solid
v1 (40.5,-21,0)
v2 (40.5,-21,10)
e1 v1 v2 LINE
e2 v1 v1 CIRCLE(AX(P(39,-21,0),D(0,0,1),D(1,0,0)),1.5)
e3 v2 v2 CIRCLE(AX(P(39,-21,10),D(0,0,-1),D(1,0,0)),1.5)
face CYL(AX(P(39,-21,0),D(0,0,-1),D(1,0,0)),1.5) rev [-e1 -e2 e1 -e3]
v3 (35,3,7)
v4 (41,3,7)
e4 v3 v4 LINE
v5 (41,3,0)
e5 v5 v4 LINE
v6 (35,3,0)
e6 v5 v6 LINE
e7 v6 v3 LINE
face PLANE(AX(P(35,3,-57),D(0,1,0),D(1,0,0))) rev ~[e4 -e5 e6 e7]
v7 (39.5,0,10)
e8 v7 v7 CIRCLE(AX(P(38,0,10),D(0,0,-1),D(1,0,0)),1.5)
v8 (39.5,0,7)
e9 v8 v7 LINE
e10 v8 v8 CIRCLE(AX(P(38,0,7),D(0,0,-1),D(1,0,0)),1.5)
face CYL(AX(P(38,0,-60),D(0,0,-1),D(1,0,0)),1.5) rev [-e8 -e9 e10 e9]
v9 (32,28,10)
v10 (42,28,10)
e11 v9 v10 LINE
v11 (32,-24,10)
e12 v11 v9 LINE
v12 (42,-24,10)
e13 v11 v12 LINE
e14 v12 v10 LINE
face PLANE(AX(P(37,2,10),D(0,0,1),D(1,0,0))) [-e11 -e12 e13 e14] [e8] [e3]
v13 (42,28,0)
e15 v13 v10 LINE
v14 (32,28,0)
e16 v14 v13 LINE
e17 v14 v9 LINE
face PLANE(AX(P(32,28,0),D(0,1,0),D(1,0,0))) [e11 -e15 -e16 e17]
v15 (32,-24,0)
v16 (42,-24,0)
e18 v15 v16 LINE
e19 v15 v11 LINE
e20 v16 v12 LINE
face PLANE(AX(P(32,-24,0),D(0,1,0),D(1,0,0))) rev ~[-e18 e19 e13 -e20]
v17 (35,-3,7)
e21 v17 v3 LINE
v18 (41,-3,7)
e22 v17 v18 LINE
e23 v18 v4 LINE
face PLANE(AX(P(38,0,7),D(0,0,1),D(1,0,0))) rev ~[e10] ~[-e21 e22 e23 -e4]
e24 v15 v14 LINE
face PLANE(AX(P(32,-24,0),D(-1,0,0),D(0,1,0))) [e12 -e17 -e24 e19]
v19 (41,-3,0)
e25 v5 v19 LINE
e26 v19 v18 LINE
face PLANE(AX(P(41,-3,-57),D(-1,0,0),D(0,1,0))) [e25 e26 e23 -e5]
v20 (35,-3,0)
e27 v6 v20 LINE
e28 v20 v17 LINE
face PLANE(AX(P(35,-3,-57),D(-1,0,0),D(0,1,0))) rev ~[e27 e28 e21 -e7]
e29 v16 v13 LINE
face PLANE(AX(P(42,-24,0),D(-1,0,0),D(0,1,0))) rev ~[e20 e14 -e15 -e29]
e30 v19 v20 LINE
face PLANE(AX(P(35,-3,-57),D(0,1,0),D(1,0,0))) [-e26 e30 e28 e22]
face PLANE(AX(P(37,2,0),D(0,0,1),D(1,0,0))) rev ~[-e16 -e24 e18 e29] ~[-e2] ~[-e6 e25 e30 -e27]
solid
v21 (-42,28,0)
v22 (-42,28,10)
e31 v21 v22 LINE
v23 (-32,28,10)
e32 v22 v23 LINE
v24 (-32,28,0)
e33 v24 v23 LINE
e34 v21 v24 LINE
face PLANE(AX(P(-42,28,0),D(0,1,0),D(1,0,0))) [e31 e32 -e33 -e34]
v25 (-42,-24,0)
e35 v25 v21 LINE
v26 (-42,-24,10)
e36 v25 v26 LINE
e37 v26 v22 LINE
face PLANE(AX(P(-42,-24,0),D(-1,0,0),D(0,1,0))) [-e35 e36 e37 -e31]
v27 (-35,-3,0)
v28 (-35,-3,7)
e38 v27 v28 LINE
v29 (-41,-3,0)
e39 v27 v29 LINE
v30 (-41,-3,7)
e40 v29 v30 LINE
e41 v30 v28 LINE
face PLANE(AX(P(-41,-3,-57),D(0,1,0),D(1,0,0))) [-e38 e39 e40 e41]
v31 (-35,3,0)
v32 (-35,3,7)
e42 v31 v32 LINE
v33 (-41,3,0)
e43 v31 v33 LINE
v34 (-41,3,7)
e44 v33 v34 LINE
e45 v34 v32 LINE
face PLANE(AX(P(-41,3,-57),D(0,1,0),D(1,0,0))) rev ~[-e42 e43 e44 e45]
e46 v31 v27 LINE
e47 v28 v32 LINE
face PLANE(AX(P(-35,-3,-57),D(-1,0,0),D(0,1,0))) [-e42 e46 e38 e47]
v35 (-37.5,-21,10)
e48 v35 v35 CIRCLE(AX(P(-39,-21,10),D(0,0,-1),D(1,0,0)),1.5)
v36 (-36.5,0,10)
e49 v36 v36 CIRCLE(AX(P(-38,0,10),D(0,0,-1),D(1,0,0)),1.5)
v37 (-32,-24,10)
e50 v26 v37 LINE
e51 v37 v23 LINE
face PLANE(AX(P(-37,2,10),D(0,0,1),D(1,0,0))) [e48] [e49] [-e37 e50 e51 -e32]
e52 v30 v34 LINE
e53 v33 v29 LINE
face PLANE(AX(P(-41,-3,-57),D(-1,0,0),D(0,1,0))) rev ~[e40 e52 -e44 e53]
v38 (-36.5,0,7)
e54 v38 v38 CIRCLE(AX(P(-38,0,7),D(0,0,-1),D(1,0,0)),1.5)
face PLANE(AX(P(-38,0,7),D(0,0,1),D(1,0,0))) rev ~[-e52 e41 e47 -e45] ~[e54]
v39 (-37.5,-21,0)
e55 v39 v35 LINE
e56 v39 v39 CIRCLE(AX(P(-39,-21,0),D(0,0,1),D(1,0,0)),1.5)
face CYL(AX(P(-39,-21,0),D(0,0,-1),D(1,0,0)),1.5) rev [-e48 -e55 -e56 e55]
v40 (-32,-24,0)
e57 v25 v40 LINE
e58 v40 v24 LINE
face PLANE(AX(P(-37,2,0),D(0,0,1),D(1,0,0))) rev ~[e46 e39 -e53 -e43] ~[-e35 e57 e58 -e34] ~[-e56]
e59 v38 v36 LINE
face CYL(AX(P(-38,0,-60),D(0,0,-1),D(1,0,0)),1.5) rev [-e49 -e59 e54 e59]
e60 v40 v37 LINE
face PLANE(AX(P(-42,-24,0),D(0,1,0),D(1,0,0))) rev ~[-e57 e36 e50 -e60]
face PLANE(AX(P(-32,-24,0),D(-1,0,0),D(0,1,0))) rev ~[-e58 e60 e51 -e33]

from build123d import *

# Parameters (mm, degrees)
BOX239_W           = 6
BOX239_H           = 6
BOX239_DEPTH       = 64
BOX238_W           = 6
BOX238_H           = 6
BOX238_DEPTH       = 64
CYLINDER1263_R     = 1.5
CYLINDER1263_DEPTH = 32
CYLINDER1262_R     = 1.5
CYLINDER1262_DEPTH = 32
CYLINDER1261_R     = 1.5
CYLINDER1261_DEPTH = 100
CYLINDER1260_R     = 1.5
CYLINDER1260_DEPTH = 100
CYLINDER586_R      = 1.5
CYLINDER586_DEPTH  = 100
CYLINDER585_R      = 1.5
CYLINDER585_DEPTH  = 100
BOX141_W           = 10
BOX141_H           = 52
BOX141_DEPTH       = 10
BOX140_W           = 10
BOX140_H           = 52
BOX140_DEPTH       = 10


with BuildPart() as krychle239:
    # Box239 → Box239 (new body)
    with BuildSketch(Plane(origin=(87, -3, -93), x_dir=(1, 0, 0), z_dir=(0, 0, 1))):
        with Locations((3, 3)):
            Rectangle(BOX239_W, BOX239_H)
    extrude(amount=BOX239_DEPTH)


with BuildPart() as compound646:
    # Box238 → Box238 (new body)
    with BuildSketch(Plane(origin=(11, -3, -93), x_dir=(1, 0, 0), z_dir=(0, 0, 1))):
        with Locations((3, 3)):
            Rectangle(BOX238_W, BOX238_H)
    extrude(amount=BOX238_DEPTH)

    # Compound646: union Krychle239
    add(krychle239.part)


with BuildPart() as compound646_1:
    # Compound646 placement: moved
    add(compound646.part.moved(Location((-52, 0, 36))))


with BuildPart() as v_lec1263:
    # Cylinder1263 → Cylinder1263 (new body)
    with BuildSketch(Plane(origin=(78, 41, -42), x_dir=(1, 0, 0), z_dir=(0, 0, 1))):
        Circle(CYLINDER1263_R)
    extrude(amount=CYLINDER1263_DEPTH)


with BuildPart() as compound645:
    # Cylinder1262 → Cylinder1262 (new body)
    with BuildSketch(Plane(origin=(26, 41, -42), x_dir=(1, 0, 0), z_dir=(0, 0, 1))):
        Circle(CYLINDER1262_R)
    extrude(amount=CYLINDER1262_DEPTH)

    # Compound645: union Válec1263
    add(v_lec1263.part)


with BuildPart() as compound645_1:
    # Compound645 placement: moved
    add(compound645.part.moved(Location((-52, 0, 36))))


with BuildPart() as v_lec1261:
    # Cylinder1261 → Cylinder1261 (new body)
    with BuildSketch(Plane(origin=(14, 0, -60), x_dir=(1, 0, 0), z_dir=(0, 0, 1))):
        Circle(CYLINDER1261_R)
    extrude(amount=CYLINDER1261_DEPTH)


with BuildPart() as compound643:
    # Cylinder1260 → Cylinder1260 (new body)
    with BuildSketch(Plane(origin=(90, 0, -60), x_dir=(1, 0, 0), z_dir=(0, 0, 1))):
        Circle(CYLINDER1260_R)
    extrude(amount=CYLINDER1260_DEPTH)

    # Compound644: union Válec1261
    add(v_lec1261.part)


with BuildPart() as compound643_1:
    # Compound644 placement: moved
    add(compound643.part.moved(Location((-52, 0, 0))))

    # Compound643: union Compound645
    add(compound645_1.part)


with BuildPart() as v_lec586:
    # Cylinder586 → Cylinder586 (new body)
    with BuildSketch(Plane(origin=(39, -21, 0), x_dir=(1, 0, 0), z_dir=(0, 0, 1))):
        Circle(CYLINDER586_R)
    extrude(amount=CYLINDER586_DEPTH)


with BuildPart() as compound340:
    # Cylinder585 → Cylinder585 (new body)
    with BuildSketch(Plane(origin=(-39, -21, 0), x_dir=(1, 0, 0), z_dir=(0, 0, 1))):
        Circle(CYLINDER585_R)
    extrude(amount=CYLINDER585_DEPTH)

    # Compound340: union Válec586
    add(v_lec586.part)


with BuildPart() as krychle141:
    # Box141 → Box141 (new body)
    with BuildSketch(Plane(origin=(-42, -24, 0), x_dir=(1, 0, 0), z_dir=(0, 0, 1))):
        with Locations((5, 26)):
            Rectangle(BOX141_W, BOX141_H)
    extrude(amount=BOX141_DEPTH)


with BuildPart() as cut200:
    # Box140 → Box140 (new body)
    with BuildSketch(Plane(origin=(32, -24, 0), x_dir=(1, 0, 0), z_dir=(0, 0, 1))):
        with Locations((5, 26)):
            Rectangle(BOX140_W, BOX140_H)
    extrude(amount=BOX140_DEPTH)

    # Compound341: union Krychle141
    add(krychle141.part)

    # Cut173: cut Compound340
    add(compound340.part, mode=Mode.SUBTRACT)

    # Cut199: cut Compound643
    add(compound643_1.part, mode=Mode.SUBTRACT)

    # Cut200: cut Compound646
    add(compound646_1.part, mode=Mode.SUBTRACT)


solid = cut200.part
